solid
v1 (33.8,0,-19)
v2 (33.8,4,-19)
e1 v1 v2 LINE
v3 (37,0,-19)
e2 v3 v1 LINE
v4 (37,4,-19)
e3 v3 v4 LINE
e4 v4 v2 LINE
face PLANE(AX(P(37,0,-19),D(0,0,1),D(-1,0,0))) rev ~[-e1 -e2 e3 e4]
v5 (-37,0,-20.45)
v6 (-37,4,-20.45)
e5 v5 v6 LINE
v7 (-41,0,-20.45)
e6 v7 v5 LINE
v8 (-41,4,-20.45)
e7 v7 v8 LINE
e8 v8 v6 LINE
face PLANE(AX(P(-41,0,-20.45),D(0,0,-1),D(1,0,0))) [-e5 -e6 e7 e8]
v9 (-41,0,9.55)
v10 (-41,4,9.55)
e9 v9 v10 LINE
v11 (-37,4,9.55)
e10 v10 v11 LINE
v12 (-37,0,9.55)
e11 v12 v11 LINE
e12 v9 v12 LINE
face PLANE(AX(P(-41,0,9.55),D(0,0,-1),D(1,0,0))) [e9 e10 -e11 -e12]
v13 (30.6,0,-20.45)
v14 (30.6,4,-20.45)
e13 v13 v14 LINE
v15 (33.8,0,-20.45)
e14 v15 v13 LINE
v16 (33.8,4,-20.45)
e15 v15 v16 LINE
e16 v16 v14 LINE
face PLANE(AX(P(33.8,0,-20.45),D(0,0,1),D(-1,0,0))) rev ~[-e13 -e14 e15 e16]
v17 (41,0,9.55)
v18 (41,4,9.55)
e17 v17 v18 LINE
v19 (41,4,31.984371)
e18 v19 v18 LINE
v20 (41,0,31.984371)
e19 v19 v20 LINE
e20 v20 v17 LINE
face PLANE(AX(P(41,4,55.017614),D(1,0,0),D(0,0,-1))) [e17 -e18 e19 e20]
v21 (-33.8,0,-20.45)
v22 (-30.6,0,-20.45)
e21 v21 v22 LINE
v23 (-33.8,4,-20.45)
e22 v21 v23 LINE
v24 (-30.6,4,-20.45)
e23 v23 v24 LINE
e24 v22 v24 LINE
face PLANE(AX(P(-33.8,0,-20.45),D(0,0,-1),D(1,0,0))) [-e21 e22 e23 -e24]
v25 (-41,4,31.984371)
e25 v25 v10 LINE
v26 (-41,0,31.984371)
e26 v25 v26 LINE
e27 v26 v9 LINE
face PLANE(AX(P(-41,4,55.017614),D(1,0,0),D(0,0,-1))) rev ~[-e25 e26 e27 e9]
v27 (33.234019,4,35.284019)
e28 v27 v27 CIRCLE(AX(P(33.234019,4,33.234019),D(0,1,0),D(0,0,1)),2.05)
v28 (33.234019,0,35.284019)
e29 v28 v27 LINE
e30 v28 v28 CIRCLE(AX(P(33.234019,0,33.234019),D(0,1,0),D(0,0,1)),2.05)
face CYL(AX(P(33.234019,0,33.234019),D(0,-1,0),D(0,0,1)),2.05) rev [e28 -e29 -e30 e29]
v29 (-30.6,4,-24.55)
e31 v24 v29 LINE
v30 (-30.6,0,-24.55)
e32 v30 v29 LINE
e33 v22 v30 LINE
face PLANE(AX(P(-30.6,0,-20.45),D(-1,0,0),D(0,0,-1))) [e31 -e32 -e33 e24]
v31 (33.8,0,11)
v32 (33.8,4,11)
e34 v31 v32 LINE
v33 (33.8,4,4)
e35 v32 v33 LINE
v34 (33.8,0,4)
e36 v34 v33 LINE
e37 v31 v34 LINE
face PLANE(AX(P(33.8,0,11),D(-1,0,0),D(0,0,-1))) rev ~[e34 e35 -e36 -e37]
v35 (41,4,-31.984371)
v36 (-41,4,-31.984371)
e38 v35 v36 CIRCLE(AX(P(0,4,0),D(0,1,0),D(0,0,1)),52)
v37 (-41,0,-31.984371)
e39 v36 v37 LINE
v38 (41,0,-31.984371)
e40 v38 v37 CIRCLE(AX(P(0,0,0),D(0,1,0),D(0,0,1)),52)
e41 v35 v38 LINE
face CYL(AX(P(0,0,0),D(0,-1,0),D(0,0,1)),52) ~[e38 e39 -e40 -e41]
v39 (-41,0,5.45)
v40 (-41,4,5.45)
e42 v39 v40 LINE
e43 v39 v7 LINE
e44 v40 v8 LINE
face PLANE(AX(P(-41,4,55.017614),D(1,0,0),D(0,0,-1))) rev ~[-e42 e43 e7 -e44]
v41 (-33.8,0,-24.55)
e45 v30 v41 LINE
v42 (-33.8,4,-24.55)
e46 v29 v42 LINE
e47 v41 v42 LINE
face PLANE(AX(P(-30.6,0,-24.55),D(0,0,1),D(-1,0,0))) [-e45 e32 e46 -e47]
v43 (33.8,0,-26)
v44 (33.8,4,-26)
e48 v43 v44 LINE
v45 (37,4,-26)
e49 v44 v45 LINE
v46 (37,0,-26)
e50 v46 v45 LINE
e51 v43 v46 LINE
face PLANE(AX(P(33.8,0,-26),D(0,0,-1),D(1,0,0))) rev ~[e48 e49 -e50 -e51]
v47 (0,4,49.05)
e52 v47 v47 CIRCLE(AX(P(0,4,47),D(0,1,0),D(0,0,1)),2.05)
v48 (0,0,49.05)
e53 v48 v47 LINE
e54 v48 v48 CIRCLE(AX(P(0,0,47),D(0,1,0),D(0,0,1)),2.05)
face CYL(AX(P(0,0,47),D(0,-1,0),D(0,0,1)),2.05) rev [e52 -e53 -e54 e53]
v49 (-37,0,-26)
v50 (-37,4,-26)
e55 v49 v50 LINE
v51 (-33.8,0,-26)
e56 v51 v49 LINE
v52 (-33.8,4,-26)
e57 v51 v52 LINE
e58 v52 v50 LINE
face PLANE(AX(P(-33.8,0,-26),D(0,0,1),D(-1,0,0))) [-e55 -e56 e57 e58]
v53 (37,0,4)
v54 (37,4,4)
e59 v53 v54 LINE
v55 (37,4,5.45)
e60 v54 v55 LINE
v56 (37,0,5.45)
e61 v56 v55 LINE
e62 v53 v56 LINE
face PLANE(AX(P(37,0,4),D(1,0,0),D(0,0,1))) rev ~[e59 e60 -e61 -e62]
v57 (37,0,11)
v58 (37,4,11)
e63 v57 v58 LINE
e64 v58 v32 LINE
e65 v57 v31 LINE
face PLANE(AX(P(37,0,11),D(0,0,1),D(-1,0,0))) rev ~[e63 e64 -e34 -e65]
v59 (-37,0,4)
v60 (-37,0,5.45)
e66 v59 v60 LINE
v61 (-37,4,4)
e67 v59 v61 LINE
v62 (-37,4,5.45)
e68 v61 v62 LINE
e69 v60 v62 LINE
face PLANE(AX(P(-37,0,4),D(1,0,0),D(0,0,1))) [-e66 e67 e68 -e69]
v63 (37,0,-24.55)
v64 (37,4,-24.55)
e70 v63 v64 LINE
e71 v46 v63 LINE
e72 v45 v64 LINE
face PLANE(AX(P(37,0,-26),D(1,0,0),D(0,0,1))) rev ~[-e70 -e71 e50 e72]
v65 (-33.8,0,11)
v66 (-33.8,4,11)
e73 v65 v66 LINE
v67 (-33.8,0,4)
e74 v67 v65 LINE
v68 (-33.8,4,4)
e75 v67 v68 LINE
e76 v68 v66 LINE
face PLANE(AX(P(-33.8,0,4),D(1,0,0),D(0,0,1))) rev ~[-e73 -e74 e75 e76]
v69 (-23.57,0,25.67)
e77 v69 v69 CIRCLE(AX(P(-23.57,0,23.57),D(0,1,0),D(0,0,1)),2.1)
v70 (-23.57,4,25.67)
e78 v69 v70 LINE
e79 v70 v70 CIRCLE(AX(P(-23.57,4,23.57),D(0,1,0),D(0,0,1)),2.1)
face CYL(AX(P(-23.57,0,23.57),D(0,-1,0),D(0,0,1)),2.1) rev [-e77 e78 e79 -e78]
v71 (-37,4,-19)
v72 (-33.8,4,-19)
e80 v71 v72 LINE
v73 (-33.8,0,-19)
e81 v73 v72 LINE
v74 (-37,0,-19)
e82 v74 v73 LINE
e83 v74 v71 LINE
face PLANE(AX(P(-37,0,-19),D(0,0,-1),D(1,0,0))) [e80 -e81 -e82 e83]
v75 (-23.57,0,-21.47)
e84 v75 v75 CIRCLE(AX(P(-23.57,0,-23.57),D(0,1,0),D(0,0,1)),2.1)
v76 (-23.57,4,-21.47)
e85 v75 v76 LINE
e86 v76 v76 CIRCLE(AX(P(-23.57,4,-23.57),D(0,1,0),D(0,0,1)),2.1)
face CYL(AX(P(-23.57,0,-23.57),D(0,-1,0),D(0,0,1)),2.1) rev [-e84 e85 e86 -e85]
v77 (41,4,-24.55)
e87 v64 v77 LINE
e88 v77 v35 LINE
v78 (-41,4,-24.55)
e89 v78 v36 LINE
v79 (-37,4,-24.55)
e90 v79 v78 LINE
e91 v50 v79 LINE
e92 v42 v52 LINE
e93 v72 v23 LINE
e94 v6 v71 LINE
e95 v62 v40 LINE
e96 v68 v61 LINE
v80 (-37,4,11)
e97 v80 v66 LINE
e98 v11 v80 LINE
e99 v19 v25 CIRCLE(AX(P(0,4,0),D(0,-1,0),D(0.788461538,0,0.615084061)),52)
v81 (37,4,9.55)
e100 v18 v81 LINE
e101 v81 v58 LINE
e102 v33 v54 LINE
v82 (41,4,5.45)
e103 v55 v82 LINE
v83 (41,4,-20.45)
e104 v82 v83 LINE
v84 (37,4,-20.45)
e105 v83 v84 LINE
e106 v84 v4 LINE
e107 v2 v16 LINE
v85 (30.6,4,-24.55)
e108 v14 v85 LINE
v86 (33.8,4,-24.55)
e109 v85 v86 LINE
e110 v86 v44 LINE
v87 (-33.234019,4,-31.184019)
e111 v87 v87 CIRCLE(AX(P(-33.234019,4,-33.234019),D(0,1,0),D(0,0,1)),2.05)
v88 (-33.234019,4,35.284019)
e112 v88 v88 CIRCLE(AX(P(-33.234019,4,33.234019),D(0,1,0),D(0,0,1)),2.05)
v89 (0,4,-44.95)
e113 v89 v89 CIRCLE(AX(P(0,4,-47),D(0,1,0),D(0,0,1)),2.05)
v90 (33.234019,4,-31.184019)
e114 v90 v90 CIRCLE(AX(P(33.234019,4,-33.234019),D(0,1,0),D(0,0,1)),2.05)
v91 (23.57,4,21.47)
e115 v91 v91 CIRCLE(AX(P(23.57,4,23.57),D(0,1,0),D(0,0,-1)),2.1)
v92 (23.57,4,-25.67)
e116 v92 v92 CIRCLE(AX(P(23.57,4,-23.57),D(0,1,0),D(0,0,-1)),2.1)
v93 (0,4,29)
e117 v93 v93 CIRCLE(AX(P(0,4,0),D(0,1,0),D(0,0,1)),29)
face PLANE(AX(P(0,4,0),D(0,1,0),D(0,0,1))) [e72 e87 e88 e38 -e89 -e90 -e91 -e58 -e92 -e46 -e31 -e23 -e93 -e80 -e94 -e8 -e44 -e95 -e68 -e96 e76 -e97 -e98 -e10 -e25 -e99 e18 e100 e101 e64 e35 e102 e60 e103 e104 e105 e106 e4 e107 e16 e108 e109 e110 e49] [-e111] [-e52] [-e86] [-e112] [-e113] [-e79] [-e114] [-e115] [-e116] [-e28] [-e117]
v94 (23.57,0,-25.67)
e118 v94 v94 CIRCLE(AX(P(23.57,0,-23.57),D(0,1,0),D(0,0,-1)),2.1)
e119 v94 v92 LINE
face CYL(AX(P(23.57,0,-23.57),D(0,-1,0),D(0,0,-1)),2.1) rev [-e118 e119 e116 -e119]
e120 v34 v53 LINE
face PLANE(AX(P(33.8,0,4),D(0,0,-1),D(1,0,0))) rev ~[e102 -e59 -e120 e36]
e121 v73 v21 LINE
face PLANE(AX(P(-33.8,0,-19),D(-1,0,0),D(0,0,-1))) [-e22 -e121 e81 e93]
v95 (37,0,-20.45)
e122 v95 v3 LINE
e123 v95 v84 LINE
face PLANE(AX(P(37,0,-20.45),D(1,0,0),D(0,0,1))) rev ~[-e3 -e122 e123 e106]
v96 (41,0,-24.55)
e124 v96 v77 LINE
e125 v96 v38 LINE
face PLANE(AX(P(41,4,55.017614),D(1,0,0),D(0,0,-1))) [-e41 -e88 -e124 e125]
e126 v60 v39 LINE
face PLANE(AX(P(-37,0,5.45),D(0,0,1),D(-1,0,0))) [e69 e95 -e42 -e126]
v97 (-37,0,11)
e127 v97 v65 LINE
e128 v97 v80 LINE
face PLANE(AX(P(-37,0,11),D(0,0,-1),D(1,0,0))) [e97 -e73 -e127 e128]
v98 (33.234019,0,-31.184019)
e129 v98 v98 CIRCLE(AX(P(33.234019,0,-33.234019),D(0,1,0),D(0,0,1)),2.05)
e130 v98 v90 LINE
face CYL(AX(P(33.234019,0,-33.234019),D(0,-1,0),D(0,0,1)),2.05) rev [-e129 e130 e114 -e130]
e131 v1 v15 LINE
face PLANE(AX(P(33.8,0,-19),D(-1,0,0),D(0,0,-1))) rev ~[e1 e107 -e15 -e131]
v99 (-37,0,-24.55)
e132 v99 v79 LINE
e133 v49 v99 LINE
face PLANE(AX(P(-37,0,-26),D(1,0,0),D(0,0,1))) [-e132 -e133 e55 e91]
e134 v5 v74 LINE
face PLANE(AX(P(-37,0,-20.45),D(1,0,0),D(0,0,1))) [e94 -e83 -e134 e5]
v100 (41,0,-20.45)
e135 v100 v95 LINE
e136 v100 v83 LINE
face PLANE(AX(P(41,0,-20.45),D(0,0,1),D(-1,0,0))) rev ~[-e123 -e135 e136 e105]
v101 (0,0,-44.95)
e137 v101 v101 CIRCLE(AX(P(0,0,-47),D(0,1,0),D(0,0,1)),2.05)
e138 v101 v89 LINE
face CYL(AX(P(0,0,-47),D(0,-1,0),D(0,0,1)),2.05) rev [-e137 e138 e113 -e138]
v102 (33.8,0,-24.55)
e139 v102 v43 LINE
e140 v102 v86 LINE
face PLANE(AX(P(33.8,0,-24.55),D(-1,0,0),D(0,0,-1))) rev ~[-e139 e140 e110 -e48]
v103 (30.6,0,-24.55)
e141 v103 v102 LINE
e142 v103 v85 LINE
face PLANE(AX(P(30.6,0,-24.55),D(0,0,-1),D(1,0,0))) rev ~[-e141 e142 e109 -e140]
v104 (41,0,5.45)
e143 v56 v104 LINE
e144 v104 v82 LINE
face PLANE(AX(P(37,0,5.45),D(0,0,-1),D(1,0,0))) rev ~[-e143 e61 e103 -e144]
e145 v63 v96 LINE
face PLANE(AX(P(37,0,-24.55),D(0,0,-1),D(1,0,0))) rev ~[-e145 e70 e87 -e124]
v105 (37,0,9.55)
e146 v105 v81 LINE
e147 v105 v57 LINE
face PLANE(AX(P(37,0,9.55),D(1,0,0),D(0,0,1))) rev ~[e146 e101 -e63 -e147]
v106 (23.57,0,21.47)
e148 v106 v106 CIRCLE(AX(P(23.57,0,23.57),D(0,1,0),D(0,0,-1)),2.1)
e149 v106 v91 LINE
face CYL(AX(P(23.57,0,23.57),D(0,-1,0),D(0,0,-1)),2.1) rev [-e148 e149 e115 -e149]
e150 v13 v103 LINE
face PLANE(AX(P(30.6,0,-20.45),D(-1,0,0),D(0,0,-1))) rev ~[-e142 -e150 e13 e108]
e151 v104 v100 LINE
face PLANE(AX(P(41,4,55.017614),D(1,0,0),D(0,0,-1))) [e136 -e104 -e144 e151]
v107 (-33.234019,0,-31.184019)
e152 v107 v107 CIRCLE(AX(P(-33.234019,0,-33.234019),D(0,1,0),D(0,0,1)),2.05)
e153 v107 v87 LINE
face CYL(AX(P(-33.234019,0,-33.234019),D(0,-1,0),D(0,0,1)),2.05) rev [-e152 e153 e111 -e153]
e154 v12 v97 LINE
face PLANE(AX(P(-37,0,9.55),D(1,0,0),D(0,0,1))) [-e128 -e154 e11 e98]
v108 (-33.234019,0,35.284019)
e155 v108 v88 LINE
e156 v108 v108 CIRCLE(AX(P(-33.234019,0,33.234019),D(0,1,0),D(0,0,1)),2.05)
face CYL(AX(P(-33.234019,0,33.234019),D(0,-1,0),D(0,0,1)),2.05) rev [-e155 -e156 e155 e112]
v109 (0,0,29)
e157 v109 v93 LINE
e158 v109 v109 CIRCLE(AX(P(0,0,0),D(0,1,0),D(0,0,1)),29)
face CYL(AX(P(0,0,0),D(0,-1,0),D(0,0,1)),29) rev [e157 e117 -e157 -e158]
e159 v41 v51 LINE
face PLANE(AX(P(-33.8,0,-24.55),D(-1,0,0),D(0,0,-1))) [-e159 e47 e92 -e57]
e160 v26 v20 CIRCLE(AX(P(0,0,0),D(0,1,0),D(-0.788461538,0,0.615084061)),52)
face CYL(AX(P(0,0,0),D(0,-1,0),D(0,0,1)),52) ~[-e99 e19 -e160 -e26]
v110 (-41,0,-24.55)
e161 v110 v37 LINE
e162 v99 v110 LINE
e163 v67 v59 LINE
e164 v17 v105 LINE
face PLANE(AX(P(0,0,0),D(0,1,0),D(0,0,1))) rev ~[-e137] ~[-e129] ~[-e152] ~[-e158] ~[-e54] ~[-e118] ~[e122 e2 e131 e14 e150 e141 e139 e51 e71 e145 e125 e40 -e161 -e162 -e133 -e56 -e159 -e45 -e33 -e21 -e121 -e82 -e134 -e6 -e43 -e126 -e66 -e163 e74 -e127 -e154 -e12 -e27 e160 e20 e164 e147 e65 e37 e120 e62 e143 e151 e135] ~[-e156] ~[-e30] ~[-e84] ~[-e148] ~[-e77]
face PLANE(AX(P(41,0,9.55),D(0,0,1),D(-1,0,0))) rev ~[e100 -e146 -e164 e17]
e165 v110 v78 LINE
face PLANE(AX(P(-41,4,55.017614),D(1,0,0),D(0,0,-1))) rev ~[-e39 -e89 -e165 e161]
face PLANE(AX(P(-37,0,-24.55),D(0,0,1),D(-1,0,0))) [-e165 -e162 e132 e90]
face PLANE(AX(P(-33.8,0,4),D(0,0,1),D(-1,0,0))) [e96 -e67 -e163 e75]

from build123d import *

# Parameters (mm, degrees)
SKETCH_1_R          = 52
SKETCH_1_R_2        = 29
SKETCH_1_R_3        = 2.05
SKETCH_1_R_4        = 2.1
EXTRUDE_1_DEPTH     = 4
SKETCH_2_W          = 182
SKETCH_2_H          = 210.035227354
SKETCH_2_W_2        = 82
SKETCH_2_H_2        = 110.035227354
CUT_EXTRUDE_1_DEPTH = 4


with BuildPart() as part:
    # 草图1 → 凸台-拉伸1 (new body)
    with BuildSketch(Plane(origin=(0, 0, 0), x_dir=(1, 0, 0), z_dir=(0, 1, 0))):
        with Locations(Location((0, 0, 0), (0, 0, 270))):
            Circle(SKETCH_1_R)
        with Locations(Location((0, 0, 0), (0, 0, 270))):
            Circle(SKETCH_1_R_2, mode=Mode.SUBTRACT)
        with Locations(Location((47, 0, 0), (0, 0, 270))):
            Circle(SKETCH_1_R_3, mode=Mode.SUBTRACT)
        with Locations(Location((33.234018716, -33.234018716, 0), (0, 0, 270))):
            Circle(SKETCH_1_R_3, mode=Mode.SUBTRACT)
        with Locations(Location((0, -47, 0), (0, 0, 270))):
            Circle(SKETCH_1_R_3, mode=Mode.SUBTRACT)
        with Locations(Location((-33.234018716, -33.234018716, 0), (0, 0, 270))):
            Circle(SKETCH_1_R_3, mode=Mode.SUBTRACT)
        with Locations(Location((-47, 0, 0), (0, 0, 270))):
            Circle(SKETCH_1_R_3, mode=Mode.SUBTRACT)
        with Locations(Location((-33.234018716, 33.234018716, 0), (0, 0, 270))):
            Circle(SKETCH_1_R_3, mode=Mode.SUBTRACT)
        with Locations(Location((0, 47, 0), (0, 0, 270))):
            Circle(SKETCH_1_R_3, mode=Mode.SUBTRACT)
        with Locations(Location((33.234018716, 33.234018716, 0), (0, 0, 270))):
            Circle(SKETCH_1_R_3, mode=Mode.SUBTRACT)
        with Locations(Location((-23.57, 23.57, 0), (0, 0, 270))):
            Circle(SKETCH_1_R_4, mode=Mode.SUBTRACT)
        with Locations(Location((-23.57, -23.57, 0), (0, 0, 270))):
            Circle(SKETCH_1_R_4, mode=Mode.SUBTRACT)
        with Locations(Location((23.57, -23.57, 0), (0, 0, 90))):
            Circle(SKETCH_1_R_4, mode=Mode.SUBTRACT)
        with Locations(Location((23.57, 23.57, 0), (0, 0, 90))):
            Circle(SKETCH_1_R_4, mode=Mode.SUBTRACT)
        Polygon((37, -9.55), (37, -11), (33.8, -11), (33.8, -9.55), (33.8, -5.45), (33.8, -4), (37, -4), (37, -5.45), (41, -5.45), (41, -9.55), align=None, mode=Mode.SUBTRACT)
        Polygon((37, 20.45), (37, 19), (33.8, 19), (33.8, 20.45), (30.6, 20.45), (30.6, 24.55), (33.8, 24.55), (33.8, 26), (37, 26), (37, 24.55), (41, 24.55), (41, 20.45), align=None, mode=Mode.SUBTRACT)
        Polygon((-33.8, 26), (-37, 26), (-37, 24.55), (-41, 24.55), (-41, 20.45), (-37, 20.45), (-37, 19), (-33.8, 19), (-33.8, 20.45), (-30.6, 20.45), (-30.6, 24.55), (-33.8, 24.55), align=None, mode=Mode.SUBTRACT)
        Polygon((-33.8, -4), (-37, -4), (-37, -5.45), (-41, -5.45), (-41, -9.55), (-37, -9.55), (-37, -11), (-33.8, -11), (-33.8, -9.55), (-33.8, -5.45), align=None, mode=Mode.SUBTRACT)
    extrude(amount=EXTRUDE_1_DEPTH)

    # 草图2 → 切除-拉伸-薄壁1 (cut)
    with BuildSketch(Plane(origin=(0, 4, 0), x_dir=(1, 0, 0), z_dir=(0, 1, 0))):
        Rectangle(SKETCH_2_W, SKETCH_2_H)
        Rectangle(SKETCH_2_W_2, SKETCH_2_H_2, mode=Mode.SUBTRACT)
    extrude(amount=-CUT_EXTRUDE_1_DEPTH, mode=Mode.SUBTRACT)


solid = part.part
